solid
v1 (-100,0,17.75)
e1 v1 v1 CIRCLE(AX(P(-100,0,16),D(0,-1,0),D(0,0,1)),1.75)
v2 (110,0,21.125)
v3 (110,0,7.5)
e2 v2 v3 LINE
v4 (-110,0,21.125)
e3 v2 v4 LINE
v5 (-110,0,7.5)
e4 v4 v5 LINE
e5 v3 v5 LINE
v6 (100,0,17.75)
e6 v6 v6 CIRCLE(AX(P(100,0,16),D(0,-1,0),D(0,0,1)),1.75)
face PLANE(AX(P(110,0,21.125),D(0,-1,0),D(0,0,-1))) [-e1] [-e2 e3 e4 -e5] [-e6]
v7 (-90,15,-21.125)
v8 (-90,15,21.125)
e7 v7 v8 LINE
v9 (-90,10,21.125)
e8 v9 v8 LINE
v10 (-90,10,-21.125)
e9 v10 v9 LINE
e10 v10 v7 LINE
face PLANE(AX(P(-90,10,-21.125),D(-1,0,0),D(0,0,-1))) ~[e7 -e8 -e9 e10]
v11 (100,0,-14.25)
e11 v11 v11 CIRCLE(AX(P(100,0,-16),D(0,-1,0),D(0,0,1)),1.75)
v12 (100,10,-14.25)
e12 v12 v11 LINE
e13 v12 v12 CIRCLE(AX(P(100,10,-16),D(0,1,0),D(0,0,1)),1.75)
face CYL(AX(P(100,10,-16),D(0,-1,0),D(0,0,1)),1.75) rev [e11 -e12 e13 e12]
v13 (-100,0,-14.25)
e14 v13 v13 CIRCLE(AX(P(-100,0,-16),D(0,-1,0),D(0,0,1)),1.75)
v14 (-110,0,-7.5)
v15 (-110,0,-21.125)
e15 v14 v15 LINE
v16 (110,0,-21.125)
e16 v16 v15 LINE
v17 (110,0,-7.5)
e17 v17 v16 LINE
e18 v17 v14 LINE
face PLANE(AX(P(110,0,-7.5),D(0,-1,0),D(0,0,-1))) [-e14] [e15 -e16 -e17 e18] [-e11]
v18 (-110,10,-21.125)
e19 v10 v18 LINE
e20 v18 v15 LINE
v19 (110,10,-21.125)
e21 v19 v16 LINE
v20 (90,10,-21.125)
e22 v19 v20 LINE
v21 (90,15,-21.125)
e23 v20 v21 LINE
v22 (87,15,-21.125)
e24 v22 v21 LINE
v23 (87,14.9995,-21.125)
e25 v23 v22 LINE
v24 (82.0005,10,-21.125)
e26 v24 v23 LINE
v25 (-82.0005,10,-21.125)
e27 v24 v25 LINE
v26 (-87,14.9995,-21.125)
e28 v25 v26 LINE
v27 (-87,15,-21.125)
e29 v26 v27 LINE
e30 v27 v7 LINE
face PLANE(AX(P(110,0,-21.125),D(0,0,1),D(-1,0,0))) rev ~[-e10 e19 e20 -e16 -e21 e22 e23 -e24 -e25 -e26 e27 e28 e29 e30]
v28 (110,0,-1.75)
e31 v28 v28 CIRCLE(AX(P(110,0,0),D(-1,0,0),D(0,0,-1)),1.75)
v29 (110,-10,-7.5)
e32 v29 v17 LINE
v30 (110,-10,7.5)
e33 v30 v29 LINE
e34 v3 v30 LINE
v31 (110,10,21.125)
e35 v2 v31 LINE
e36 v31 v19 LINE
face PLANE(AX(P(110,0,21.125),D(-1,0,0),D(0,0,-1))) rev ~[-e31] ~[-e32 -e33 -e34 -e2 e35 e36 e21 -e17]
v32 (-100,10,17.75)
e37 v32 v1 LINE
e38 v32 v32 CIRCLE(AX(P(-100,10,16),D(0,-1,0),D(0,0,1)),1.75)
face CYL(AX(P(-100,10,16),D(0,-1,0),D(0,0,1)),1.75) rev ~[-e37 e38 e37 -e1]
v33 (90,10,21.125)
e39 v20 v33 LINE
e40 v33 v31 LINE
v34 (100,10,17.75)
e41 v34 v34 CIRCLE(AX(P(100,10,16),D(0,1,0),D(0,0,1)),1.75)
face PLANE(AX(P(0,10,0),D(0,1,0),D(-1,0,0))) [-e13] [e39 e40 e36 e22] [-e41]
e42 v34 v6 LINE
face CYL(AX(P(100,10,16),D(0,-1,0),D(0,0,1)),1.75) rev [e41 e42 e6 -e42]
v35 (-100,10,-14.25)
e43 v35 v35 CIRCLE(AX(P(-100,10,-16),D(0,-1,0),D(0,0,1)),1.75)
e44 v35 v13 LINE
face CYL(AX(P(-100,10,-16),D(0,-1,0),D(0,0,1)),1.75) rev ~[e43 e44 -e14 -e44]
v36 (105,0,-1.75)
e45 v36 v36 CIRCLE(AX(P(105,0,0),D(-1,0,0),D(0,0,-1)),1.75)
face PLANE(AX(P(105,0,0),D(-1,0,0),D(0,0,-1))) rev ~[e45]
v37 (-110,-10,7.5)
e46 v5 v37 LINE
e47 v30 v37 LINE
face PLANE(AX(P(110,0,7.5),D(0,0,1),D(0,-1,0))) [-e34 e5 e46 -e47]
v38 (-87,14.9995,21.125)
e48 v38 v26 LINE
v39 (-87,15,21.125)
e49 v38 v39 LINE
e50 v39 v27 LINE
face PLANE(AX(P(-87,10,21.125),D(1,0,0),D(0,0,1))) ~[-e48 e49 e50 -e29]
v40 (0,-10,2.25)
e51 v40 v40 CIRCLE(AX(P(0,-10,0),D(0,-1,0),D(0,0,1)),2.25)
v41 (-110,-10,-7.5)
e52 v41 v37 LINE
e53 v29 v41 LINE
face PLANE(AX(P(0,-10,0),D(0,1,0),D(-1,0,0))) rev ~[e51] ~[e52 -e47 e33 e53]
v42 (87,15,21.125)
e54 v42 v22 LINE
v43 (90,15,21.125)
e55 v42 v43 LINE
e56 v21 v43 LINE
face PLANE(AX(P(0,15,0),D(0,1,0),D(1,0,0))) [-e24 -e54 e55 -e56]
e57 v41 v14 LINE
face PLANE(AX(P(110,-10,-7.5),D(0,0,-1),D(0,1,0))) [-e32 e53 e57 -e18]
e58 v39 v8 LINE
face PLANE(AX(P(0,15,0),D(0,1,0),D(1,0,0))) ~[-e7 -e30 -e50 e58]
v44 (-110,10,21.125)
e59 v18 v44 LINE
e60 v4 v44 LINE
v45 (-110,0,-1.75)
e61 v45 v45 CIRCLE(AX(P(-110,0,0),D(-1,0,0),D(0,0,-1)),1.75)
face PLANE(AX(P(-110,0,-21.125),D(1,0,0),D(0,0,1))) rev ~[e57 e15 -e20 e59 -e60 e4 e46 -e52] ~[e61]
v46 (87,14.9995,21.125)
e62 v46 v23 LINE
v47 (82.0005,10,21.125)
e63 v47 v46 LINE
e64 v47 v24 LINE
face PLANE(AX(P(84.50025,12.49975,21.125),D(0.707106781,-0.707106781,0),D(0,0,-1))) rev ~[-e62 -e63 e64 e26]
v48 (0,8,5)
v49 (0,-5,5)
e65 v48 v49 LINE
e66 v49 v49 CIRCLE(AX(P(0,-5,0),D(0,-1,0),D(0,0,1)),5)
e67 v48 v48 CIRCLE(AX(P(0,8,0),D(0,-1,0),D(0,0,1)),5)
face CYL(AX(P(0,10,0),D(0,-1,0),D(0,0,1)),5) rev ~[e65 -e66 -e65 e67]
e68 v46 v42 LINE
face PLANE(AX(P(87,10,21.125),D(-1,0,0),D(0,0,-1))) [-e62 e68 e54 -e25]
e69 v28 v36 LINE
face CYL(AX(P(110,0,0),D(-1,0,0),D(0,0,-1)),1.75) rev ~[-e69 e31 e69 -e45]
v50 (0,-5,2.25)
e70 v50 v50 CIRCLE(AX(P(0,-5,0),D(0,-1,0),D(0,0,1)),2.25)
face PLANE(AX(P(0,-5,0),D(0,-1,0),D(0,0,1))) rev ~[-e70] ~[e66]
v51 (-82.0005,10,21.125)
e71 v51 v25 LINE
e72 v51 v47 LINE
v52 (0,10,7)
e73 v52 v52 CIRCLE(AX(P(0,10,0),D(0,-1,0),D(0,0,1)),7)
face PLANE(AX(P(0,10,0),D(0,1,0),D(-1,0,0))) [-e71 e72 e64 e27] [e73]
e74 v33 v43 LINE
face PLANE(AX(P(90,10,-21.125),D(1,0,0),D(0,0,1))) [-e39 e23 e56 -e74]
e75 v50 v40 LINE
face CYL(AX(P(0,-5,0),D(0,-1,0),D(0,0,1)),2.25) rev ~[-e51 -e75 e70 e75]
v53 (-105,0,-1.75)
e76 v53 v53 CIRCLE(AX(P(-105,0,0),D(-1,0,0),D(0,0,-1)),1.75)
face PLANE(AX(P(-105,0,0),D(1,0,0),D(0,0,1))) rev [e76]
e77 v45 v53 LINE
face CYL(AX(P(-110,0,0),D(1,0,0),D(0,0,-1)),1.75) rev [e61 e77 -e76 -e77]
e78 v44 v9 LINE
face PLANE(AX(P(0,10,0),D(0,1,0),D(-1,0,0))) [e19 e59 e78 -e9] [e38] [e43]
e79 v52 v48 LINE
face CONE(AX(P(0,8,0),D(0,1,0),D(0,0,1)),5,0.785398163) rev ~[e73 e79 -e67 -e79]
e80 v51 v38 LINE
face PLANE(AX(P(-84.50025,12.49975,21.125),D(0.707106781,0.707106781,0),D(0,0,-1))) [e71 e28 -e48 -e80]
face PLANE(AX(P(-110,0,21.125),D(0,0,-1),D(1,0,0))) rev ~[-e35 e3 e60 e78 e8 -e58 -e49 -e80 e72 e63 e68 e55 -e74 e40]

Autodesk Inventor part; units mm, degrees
ref_plane "YZ Plane" through (0, 0, 0) normal (1, 0, 0) x (0, 1, 0)
ref_plane "XZ Plane" through (0, 0, 0) normal (0, 1, 0) x (-1, 0, 0)
ref_plane "XY Plane" through (0, 0, 0) normal (0, 0, 1) x (1, 0, 0)
sketch "Sketch1" plane through (0, 0, 0) normal (0, 1, 0) x (-1, 0, 0)
  line L0 (110, 21.125) -> (-110, 21.125)
  line L1 (-110, 21.125) -> (-110, -21.125)
  line L2 (-110, -21.125) -> (110, -21.125)
  line L3 (110, -21.125) -> (110, 21.125)
  line L4 (110, 21.125) -> (-110, -21.125) construction
  line L5 (-110, 21.125) -> (110, -21.125) construction
  point P0 (0, 0)
  dimension "d0" = 42.25
  dimension "d1" = 220
extrude "Extrusion1" add sketch "Sketch1" along normal mid plane 20
sketch "Sketch2" plane through (0, 10, 0) normal (0, 1, 0) x (1, 0, 0)
  line L0 (110, 21.125) -> (-110, 21.125) projected
  line L1 (-110, -21.125) -> (110, -21.125) projected
  line L2 (-110, 21.125) -> (-110, -21.125) projected
  point P0 (0, 0)
  point P1 (-100, -16)
  point P2 (-100, 16)
  point P3 (-110, 0)
  dimension "d4" = 10
  dimension "d5" = 32
  dimension "d6" = 16
hole "Hole1" at (-100, 10, 16) at (-100, 10, -16) direction (0, -1, 0) diameter 3.5 end through all
mirror "Mirror1" about plane through (0, 0, 0) normal (1, 0, 0) of "Hole1"
sketch "Sketch4" plane through (0, 10, 0) normal (0, 1, 0) x (1, 0, 0)
  point P0 (0, 0)
  point P1 (0, 0)
hole "Hole2" at (0, 10, 0) direction (0, -1, 0) diameter 4.5 end through all counterbore diameter 10 counterbore depth 15
chamfer "Chamfer1" distance 2 angle 45 1 edges at (0, 10, -5)
sketch "Sketch6" plane through (110, -10, -21.125) normal (1, 0, 0) x (0, 0, -1)
  line L0 (-42.25, 20) -> (0, 20) projected
  line L1 (-28.625, 0) -> (-13.625, 0)
  line L2 (-13.625, 0) -> (-13.625, 20)
  line L3 (-13.625, 20) -> (-28.625, 20)
  line L4 (-28.625, 20) -> (-28.625, 0)
  line L5 (-28.625, 0) -> (-13.625, 20) construction
  line L6 (-13.625, 0) -> (-28.625, 20) construction
  line L7 (-42.25, 20) -> (-42.25, 0) projected
  line L8 (-42.25, 10) -> (0, 10)
  line L9 (0, 0) -> (0, 20) projected
  line L10 (0, 0) -> (0, 20) projected
  line L11 (-42.25, 20) -> (0, 20) projected
  line L12 (-42.25, 20) -> (-42.25, 0) projected
  line L13 (0, 0) -> (-42.25, 0) projected
  point P0 (-21.125, 10)
  point P1 (-13.625, 0)
  point P2 (-13.625, 10)
  point P3 (-28.625, 0)
  point P4 (-28.625, 10)
  dimension "d31" = 15
extrude "Extrusion4" cut sketch "Sketch6" against normal through all contours L8 L4 L13 L7 | L8 L9 L13 L2
sketch "Sketch7" plane through (110, 10, 21.125) normal (1, 0, 0) x (0, 0, -1)
  line L0 (0, -10) -> (13.625, -10) projected
  line L1 (28.625, -10) -> (42.25, -10) projected
  line L2 (0, 0) -> (0, -10) projected
  line L3 (42.25, -10) -> (42.25, 0) projected
  point P0 (21.125, -10)
  point P1 (6.8125, -5)
  point P2 (35.4375, -5)
  point P3 (6.8125, -10)
  point P4 (35.4375, -10)
  point P5 (0, -5)
  point P6 (42.25, -5)
  point P7 (21.125, -10)
hole "Hole3" at (110, 0, 0) direction (-1, 0, 0) diameter 3.5 depth 5
sketch "Sketch9" plane through (0, 10, 0) normal (0, 1, 0) x (1, 0, 0)
  line L0 (-110, -21.125) -> (110, -21.125) projected
  line L1 (90, -21.125) -> (87, -21.125)
  line L2 (87, -21.125) -> (87, 21.125)
  line L3 (87, 21.125) -> (90, 21.125)
  line L4 (90, 21.125) -> (90, -21.125)
  line L5 (110, -21.125) -> (110, 21.125) projected
  point P0 (0, 0)
  point P1 (87, -21.125)
  dimension "d41" = 20
  dimension "d42" = 3
extrude "Extrusion5" add sketch "Sketch9" along normal blind 5
chamfer "Chamfer2" distance 5 angle 45 1 edges at (87, 10, 0)
mirror "Mirror2" about plane through (0, 0, 0) normal (1, 0, 0) of "Hole3", "Extrusion5", "Chamfer2"
equation "\"d6\" = 0.5 * d5"
properties part number "caster_holder_3DPrint"
